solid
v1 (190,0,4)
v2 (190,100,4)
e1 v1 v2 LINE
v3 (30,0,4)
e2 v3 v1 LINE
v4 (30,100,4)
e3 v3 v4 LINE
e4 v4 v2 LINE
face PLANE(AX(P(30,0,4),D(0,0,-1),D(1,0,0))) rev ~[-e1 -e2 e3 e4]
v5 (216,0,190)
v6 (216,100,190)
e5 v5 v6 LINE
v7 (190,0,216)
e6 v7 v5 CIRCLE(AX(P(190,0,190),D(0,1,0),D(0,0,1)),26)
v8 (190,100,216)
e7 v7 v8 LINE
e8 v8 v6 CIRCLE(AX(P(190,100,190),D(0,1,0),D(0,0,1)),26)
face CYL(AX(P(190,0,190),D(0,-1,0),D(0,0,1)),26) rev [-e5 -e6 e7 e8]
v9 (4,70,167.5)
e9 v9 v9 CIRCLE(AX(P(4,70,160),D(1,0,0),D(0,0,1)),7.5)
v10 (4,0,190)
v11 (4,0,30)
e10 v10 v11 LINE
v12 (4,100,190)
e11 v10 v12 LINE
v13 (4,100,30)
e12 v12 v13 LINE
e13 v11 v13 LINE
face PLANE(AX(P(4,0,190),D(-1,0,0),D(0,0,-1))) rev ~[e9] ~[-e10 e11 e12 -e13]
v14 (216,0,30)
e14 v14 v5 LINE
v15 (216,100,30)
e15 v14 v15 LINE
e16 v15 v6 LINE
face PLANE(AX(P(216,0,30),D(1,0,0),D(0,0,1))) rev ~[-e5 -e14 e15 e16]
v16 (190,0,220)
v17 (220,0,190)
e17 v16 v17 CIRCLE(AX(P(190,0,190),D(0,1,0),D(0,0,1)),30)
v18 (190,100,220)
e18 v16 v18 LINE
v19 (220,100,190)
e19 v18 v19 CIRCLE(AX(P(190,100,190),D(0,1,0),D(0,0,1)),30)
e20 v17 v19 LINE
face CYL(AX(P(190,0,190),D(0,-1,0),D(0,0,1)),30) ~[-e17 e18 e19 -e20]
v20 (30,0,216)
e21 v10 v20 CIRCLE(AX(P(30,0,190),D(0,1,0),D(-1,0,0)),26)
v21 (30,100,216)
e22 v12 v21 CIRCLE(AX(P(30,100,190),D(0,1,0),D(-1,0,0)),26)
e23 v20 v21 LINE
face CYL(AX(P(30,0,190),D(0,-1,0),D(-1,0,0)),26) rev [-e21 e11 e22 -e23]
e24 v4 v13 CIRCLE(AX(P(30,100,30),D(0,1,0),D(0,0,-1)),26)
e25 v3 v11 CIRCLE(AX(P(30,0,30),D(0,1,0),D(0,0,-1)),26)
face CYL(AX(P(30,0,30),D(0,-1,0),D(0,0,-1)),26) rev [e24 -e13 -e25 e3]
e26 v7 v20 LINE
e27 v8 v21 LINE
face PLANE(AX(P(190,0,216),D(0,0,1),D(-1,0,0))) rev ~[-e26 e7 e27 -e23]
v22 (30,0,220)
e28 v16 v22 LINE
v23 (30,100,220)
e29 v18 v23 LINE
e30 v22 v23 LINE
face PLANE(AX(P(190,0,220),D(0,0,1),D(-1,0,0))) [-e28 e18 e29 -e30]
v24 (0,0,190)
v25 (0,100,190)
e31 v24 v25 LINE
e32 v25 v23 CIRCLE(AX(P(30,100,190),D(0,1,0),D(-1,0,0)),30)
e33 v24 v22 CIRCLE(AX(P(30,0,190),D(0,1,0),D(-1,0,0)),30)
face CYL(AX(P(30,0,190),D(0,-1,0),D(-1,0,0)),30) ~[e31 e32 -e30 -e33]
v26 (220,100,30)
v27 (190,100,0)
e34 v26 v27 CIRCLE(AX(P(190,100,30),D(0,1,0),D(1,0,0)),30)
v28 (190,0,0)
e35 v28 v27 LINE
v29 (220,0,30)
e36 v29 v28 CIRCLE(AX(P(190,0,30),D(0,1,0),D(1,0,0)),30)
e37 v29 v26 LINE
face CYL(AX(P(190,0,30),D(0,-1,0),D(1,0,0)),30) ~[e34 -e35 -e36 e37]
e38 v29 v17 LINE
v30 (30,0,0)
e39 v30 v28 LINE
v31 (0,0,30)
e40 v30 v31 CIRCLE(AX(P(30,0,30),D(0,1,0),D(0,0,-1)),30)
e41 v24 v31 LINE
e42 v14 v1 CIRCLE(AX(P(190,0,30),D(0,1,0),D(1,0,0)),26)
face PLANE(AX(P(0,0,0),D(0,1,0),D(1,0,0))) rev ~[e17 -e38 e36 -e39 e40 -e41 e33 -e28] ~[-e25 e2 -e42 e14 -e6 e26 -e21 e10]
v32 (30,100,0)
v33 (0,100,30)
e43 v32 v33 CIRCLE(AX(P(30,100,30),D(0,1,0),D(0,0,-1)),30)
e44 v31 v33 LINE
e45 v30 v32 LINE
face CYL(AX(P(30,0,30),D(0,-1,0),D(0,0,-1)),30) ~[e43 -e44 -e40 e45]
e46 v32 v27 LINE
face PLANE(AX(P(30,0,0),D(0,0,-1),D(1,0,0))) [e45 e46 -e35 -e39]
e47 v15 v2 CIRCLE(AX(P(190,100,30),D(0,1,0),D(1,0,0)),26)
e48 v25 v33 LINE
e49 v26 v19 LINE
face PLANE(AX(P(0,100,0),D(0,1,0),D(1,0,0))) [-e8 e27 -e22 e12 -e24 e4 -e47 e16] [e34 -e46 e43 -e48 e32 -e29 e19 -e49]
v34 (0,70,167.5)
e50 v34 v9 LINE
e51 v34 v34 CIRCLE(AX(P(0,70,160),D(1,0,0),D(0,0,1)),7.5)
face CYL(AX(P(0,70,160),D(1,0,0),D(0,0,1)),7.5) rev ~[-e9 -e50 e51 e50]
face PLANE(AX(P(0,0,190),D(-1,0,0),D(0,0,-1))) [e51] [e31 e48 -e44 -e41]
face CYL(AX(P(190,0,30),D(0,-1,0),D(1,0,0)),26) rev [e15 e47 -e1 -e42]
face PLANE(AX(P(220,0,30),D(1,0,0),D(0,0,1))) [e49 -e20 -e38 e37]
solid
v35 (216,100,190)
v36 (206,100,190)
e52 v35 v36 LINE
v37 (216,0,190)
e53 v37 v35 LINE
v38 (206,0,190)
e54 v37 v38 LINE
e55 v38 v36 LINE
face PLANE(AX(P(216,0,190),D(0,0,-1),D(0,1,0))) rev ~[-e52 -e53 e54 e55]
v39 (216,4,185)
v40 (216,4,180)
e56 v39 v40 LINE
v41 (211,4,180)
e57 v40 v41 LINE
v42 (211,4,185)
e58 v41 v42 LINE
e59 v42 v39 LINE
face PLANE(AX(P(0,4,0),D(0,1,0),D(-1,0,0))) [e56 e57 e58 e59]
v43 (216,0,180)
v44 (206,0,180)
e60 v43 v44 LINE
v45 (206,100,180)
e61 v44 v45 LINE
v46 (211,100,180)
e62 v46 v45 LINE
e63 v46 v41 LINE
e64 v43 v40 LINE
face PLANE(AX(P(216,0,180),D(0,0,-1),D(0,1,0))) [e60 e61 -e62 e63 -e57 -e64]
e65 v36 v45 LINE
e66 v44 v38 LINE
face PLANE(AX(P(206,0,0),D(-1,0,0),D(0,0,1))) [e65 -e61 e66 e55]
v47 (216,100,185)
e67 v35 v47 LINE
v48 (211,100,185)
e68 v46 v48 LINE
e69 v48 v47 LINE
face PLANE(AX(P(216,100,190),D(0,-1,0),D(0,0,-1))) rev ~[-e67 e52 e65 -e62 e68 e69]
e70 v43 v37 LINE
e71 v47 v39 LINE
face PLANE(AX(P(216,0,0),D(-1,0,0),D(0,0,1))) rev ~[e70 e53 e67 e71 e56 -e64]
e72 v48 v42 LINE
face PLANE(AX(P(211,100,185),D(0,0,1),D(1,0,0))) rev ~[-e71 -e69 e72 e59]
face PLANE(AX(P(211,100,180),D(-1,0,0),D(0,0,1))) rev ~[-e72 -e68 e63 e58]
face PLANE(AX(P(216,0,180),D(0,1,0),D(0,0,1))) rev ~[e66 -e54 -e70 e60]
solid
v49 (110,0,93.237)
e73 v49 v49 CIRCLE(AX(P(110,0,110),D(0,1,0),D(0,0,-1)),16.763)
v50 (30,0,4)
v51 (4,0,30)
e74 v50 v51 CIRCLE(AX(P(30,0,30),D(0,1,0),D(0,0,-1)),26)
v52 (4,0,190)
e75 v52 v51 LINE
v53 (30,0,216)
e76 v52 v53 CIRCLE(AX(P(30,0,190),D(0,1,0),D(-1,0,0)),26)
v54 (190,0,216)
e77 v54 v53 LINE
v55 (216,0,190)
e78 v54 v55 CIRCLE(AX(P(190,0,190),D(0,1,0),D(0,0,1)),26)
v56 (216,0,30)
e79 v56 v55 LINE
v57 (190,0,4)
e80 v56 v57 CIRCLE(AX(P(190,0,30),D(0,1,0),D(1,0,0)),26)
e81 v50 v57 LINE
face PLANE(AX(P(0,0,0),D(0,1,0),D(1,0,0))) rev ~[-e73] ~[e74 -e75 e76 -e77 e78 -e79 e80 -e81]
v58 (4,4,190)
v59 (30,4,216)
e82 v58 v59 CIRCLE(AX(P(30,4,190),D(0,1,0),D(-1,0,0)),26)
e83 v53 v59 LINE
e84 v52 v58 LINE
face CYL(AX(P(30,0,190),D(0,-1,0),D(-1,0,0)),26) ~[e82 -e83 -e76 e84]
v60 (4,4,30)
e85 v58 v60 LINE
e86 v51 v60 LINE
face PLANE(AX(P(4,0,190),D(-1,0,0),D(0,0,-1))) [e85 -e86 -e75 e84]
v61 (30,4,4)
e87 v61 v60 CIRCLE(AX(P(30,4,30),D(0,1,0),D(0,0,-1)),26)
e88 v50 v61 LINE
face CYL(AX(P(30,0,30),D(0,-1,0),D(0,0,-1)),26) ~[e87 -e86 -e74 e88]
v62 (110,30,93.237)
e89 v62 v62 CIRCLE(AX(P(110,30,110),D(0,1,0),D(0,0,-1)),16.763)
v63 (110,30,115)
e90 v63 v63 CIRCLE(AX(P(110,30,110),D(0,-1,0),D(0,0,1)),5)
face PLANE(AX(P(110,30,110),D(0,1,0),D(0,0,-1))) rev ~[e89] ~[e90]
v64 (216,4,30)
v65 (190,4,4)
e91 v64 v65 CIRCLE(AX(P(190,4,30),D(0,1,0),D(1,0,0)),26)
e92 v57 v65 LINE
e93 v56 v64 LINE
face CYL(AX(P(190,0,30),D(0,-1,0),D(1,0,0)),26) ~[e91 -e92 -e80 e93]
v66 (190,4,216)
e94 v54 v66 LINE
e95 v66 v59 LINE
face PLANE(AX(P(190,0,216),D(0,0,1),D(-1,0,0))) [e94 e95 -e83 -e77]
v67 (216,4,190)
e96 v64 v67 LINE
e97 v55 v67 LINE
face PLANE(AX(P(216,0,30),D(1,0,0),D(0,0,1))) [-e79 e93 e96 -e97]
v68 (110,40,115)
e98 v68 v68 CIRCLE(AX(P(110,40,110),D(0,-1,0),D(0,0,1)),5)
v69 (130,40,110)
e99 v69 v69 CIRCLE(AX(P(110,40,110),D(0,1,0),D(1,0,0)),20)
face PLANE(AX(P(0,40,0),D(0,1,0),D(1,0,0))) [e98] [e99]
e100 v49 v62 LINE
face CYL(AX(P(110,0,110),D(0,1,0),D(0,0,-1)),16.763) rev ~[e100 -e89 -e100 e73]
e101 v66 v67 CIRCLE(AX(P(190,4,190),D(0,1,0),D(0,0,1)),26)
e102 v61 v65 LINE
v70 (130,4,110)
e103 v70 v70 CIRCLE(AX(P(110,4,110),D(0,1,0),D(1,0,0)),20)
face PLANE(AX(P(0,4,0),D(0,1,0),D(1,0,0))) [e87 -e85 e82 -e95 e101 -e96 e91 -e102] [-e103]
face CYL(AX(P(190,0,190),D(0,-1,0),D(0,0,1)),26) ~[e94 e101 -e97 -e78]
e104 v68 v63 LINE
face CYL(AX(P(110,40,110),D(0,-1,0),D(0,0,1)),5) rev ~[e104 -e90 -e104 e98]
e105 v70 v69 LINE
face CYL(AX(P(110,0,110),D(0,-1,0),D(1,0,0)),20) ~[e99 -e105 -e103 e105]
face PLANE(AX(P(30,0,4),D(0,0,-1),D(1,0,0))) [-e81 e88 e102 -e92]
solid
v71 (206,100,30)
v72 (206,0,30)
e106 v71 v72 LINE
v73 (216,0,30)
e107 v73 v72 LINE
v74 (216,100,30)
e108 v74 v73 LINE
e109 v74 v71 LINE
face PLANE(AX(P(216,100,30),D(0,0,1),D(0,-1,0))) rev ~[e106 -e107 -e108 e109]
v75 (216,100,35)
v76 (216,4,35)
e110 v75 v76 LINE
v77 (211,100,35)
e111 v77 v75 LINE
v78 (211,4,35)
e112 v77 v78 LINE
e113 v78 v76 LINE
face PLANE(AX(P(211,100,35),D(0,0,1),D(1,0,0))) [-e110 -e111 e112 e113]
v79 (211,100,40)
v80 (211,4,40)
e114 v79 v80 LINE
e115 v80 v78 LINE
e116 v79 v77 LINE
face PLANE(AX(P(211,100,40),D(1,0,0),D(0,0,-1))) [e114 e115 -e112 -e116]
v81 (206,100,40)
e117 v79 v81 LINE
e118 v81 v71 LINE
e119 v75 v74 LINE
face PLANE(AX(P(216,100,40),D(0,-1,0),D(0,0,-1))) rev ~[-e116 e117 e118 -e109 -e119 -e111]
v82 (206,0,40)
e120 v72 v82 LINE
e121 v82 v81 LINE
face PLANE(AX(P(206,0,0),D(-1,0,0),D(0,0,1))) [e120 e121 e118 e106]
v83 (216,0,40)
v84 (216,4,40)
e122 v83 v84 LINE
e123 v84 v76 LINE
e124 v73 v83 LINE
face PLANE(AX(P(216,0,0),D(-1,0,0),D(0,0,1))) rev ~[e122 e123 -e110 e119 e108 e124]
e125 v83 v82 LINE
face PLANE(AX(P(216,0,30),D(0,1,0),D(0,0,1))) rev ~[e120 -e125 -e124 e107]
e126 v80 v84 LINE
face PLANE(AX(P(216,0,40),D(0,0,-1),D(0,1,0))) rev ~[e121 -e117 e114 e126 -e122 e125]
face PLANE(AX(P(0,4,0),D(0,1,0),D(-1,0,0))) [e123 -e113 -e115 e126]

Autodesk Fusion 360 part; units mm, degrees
sketch "Sketch1" plane through (0, 0, 0) normal (0, 1, 0) x (1, 0, 0)
  line L0 (30, 0) -> (190, 0)
  line L1 (220, -30) -> (220, -190)
  line L2 (190, -220) -> (30, -220)
  line L3 (0, -190) -> (0, -30)
  arc A0 (30, 0) -> (0, -30) centre (30, -30) ccw
  arc A1 (220, -30) -> (190, 0) centre (190, -30) ccw
  arc A2 (0, -190) -> (30, -220) centre (30, -190) ccw
  arc A3 (190, -220) -> (220, -190) centre (190, -190) ccw
  arc A4 (30, -4) -> (4, -30) centre (30, -30) ccw
  line L4 (4, -190) -> (4, -30)
  arc A5 (4, -190) -> (30, -216) centre (30, -190) ccw
  line L5 (190, -216) -> (30, -216)
  arc A6 (190, -216) -> (216, -190) centre (190, -190) ccw
  line L6 (216, -30) -> (216, -190)
  arc A7 (216, -30) -> (190, -4) centre (190, -30) ccw
  line L7 (30, -4) -> (190, -4)
  line L8 (30, -30) -> (190, -190) construction
  line L9 (30, -190) -> (190, -30) construction
  circle A8 centre (110, -110) radius 20
  point P0 (220, 0)
  point P1 (0, -220)
  dimension "d3" = 220
  dimension "d4" = 220
  dimension "d5" = 30
  dimension "d6" = 30
  dimension "d7" = 30
  dimension "d9" = 4
  dimension "d14" = 40
extrude "Extrude2" add sketch "Sketch1" along normal blind 4 contours A4 L4 A5 L5 A6 L6 A7 L7 makes body 1
extrude "Extrude1" add sketch "Sketch1" along normal blind 100 separate body contours L0 L1 L2 L3 A0 A1 A2 A3 makes body 2
extrude "Extrude3" add sketch "Sketch1" along normal blind 40 contours A8 bodies 1
hole "Hole2" at (110, 0, 110) direction (0, 1, 0) diameter 33.526 depth 30 tip angle 180 bodies 1
hole "Hole3" at (110, 40, 110) direction (0, -1, 0) diameter 10 depth 10 tip angle 180 bodies 1
sketch "Sketch3" plane through (216, 0, 0) normal (-1, 0, 0) x (0, 0, 1)
  line L0 (30, 0) -> (190, 0)
  line L1 (190, 0) -> (190, 100)
  line L2 (190, 100) -> (30, 100)
  line L3 (30, 100) -> (30, 0)
  line L4 (30, 0) -> (40, 0)
  line L5 (40, 0) -> (40, 100)
  line L6 (40, 100) -> (30, 100)
  line L7 (30, 100) -> (30, 0)
  line L8 (190, 0) -> (180, 0)
  line L9 (180, 0) -> (180, 100)
  line L10 (180, 100) -> (190, 100)
  line L11 (190, 100) -> (190, 0)
  dimension "d29" = 10
  dimension "d30" = 10
extrude "Extrude1'" add sketch "Sketch3" along normal blind 10 separate body contours L0 L2 L3 L4 L5 L6 L7 | L0 L1 L2 L8 L9 L10 L11 makes body 3 at (212.6667, 66.6667, 30) makes body 4 at (216, 66.6667, 183.3333) in component "circuitBoard"
sketch "Sketch4" plane through (0, 100, 0) normal (0, 1, 0) x (-1, 0, 0)
  line L0 (-216, 40) -> (-216, 30)
  line L1 (-216, 30) -> (-206, 30)
  line L2 (-206, 30) -> (-206, 40)
  line L3 (-206, 40) -> (-216, 40)
  line L4 (-216, 40) -> (-211, 40)
  line L5 (-211, 40) -> (-211, 35)
  line L6 (-211, 35) -> (-216, 35)
  line L7 (-216, 35) -> (-216, 40)
sketch "Sketch5" plane through (0, 100, 0) normal (0, 1, 0) x (-1, 0, 0)
  line L0 (-216, 190) -> (-216, 180)
  line L1 (-216, 180) -> (-206, 180)
  line L2 (-206, 180) -> (-206, 190)
  line L3 (-206, 190) -> (-216, 190)
  line L4 (-216, 180) -> (-211, 180)
  line L5 (-211, 180) -> (-211, 185)
  line L6 (-211, 185) -> (-216, 185)
  line L7 (-216, 185) -> (-216, 180)
  dimension "d33" = 5
  dimension "d34" = 5
extrude "Extrude2'" cut sketch "Sketch4" sketch "Sketch5" against normal blind 96 contours L0 L3 L4 L5 L6 L7 of sketch 2 contours L0 L1 L4 L5 L6 L7 bodies 3 4 in component "circuitBoard"
sketch "Sketch6" plane through (0, 0, 0) normal (-1, 0, 0) x (0, 0, 1)
  line L0 (30, 0) -> (190, 0)
  line L1 (190, 0) -> (190, 100)
  line L2 (190, 100) -> (30, 100)
  line L3 (30, 100) -> (30, 0)
  point P0 (160, 70)
  dimension "d39" = 30
  dimension "d40" = 30
hole "Hole4" at (0, 70, 160) direction (1, 0, 0) diameter 15 depth 10 tip angle 180 bodies 2
component "circuitBoard" placed x (1, 0, 0) y (0, 1, 0) z (0, 0, 1) at (0, 0, 0)
equation "side = 220 mm"
equation "for = 30 mm"
equation "d3 = side"
equation "d4 = side"
equation "d5 = for"
equation "d6 = for"
equation "d7 = for"
equation "d9 = Linear Dimension-4"
equation "br = 40 mm"
equation "d14 = br"
equation "bsl = 40 mm"
equation "d18 = bsl"
equation "wes = 30 mm"
equation "wet = 30 mm"
equation "d39 = wet"
equation "d40 = wes"
